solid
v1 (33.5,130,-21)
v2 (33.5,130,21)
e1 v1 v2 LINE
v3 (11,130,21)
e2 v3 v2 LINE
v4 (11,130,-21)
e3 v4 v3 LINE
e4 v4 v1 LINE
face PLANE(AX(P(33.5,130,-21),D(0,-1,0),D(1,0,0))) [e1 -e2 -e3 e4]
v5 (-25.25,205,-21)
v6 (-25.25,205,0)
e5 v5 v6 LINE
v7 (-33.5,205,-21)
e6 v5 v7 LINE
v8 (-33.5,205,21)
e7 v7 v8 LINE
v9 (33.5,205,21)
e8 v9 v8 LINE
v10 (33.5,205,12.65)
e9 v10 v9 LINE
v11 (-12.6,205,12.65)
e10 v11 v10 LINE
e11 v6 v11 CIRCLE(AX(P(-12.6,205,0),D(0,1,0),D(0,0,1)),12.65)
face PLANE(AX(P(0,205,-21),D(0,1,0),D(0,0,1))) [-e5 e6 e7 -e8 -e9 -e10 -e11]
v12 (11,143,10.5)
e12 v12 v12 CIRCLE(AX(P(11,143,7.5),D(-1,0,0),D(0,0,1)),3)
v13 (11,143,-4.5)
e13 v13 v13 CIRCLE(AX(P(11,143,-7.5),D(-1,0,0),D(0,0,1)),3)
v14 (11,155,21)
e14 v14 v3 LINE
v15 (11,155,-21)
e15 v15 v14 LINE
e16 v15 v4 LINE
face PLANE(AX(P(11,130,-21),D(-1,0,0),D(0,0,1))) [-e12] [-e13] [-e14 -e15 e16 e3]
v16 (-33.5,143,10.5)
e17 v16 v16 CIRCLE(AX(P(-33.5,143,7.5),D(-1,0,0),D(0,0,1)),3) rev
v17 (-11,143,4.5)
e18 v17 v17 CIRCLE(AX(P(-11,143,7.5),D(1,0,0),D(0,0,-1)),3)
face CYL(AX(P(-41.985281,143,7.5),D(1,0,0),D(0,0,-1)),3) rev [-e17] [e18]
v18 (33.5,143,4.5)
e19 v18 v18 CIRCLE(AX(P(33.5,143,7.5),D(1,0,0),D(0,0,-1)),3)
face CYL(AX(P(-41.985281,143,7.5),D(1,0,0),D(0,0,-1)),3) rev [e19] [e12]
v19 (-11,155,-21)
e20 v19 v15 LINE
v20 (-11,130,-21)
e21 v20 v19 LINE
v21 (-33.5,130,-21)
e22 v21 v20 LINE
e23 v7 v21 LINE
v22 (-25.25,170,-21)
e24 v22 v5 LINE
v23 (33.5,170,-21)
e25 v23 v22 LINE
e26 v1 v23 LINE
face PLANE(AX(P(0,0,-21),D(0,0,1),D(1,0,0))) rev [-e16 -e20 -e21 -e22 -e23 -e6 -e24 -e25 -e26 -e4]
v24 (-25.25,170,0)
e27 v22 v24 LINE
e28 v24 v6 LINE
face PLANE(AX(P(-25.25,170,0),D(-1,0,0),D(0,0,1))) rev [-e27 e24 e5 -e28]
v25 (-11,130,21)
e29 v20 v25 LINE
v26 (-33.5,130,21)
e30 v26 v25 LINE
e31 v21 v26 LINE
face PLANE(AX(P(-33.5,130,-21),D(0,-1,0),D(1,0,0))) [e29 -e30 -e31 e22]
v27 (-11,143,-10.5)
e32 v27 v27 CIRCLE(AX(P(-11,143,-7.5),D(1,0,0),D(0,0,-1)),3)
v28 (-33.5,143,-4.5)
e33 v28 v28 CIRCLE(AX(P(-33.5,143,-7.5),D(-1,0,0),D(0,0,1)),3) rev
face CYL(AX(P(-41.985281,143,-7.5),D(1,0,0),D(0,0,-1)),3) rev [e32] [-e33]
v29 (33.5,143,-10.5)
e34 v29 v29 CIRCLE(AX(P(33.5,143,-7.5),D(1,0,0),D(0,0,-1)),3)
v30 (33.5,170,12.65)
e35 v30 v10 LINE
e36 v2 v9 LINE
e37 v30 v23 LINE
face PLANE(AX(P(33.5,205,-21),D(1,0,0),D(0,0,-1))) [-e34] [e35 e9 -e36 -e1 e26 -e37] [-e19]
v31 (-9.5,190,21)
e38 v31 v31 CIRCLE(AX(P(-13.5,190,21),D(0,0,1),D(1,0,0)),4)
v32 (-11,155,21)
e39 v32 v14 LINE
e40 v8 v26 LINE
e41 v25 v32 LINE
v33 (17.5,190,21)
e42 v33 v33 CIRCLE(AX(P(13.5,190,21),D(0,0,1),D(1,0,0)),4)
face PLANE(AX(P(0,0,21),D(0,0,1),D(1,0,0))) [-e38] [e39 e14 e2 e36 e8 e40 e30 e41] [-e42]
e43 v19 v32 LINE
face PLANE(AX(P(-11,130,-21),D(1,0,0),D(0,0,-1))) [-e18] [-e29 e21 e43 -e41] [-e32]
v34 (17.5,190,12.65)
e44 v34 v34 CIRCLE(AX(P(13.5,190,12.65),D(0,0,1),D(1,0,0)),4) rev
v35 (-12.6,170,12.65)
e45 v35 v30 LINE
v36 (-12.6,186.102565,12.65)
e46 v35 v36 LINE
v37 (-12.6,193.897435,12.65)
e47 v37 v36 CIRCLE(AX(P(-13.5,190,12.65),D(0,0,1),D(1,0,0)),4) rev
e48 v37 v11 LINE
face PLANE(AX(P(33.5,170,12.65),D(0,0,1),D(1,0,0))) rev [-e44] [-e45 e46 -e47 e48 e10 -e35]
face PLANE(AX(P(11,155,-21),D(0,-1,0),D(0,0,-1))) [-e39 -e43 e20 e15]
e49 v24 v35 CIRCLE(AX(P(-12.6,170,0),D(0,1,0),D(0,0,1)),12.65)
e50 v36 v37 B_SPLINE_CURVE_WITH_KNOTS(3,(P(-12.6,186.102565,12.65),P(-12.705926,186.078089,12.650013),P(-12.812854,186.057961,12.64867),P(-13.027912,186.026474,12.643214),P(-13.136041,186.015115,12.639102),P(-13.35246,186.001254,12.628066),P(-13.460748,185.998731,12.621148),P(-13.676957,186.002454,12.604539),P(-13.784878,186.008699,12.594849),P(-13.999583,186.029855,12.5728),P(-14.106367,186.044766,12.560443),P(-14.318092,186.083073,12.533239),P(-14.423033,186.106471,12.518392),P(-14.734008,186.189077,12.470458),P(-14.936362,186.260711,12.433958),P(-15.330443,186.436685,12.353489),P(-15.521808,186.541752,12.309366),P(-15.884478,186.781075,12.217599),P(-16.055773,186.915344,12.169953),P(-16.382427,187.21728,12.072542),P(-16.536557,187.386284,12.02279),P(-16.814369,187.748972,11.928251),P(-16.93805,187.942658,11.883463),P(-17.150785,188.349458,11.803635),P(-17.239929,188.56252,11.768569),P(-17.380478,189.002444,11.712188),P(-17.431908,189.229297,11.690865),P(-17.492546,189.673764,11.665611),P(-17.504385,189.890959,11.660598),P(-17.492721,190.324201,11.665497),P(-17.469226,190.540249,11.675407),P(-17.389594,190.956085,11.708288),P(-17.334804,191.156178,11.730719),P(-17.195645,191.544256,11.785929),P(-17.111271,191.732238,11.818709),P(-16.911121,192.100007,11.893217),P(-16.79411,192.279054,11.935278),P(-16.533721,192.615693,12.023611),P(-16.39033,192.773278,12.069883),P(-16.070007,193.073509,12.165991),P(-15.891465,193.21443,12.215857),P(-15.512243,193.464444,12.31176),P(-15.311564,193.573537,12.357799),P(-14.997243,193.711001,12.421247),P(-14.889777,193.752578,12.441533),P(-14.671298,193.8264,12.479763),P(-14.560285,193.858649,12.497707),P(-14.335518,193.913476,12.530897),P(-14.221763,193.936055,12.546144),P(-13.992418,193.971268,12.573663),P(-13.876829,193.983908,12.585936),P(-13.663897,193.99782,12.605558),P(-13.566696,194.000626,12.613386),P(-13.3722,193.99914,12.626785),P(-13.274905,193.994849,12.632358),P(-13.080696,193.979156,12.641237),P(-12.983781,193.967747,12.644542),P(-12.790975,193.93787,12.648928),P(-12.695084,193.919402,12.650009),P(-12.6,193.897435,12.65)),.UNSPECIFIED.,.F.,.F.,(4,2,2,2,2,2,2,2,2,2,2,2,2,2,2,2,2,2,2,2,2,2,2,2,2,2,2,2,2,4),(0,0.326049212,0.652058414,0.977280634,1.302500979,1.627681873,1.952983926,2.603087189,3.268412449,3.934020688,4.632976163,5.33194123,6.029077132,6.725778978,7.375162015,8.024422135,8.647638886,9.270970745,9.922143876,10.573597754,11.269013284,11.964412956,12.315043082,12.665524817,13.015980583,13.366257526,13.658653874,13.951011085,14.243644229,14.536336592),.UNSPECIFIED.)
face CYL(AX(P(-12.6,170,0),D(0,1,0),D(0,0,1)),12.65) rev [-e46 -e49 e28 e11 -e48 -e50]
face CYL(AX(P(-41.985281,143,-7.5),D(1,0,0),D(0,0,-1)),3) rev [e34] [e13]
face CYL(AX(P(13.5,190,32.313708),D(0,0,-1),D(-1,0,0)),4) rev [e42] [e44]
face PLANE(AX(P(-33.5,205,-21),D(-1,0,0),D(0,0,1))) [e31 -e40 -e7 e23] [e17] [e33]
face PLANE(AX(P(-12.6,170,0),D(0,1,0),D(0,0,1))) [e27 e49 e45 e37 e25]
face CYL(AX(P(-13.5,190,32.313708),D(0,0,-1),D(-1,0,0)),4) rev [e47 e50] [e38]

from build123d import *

# Parameters (mm, degrees)
AUFSATZ_LINEAR_AUSTRAGEN1_DEPTH             = 21
AUFSATZ_LINEAR_AUSTRAGEN1_DEPTH_BACK        = 21
SCHNITT_LINEAR_AUSTRAGEN1_DEPTH             = 35
SKIZZE9_R                                   = 4
SCHNITT_LINEAR_AUSTRAGEN2_DEPTH             = 21
SCHNITT_LINEAR_AUSTRAGEN3_REACH             = 35.5
SKIZZE11_R                                  = 3
SCHNITT_LINEAR_AUSTRAGEN3_DIRECTION_2_REACH = 35.5


with BuildPart() as part:
    # Skizze3 → Aufsatz-Linear austragen1 (new body, two sides)
    with BuildSketch(Plane.XY) as aufsatz_linear_austragen1_sk:
        Polygon((0, 205), (33.5, 205), (33.5, 130), (11, 130), (11, 155), (0, 155), (-11, 155), (-11, 130), (-33.5, 130), (-33.5, 205), align=None)
    extrude(amount=AUFSATZ_LINEAR_AUSTRAGEN1_DEPTH)
    extrude(aufsatz_linear_austragen1_sk.sketch, amount=-AUFSATZ_LINEAR_AUSTRAGEN1_DEPTH_BACK)

    # Skizze6 → Schnitt-Linear austragen1 (cut)
    with BuildSketch(Plane(origin=(0, 205, 0), x_dir=(1, 0, 0), z_dir=(0, 1, 0))):
        with BuildLine():
            Line((-25.25, 0), (-25.25, 21))
            Line((-25.25, 21), (33.5, 21))
            Line((33.5, 21), (33.5, -12.65))
            Line((33.5, -12.65), (-12.6, -12.65))
            ThreePointArc((-12.6, -12.65), (-21.544900782, -8.944900782), (-25.25, 0))
        make_face()
    extrude(amount=-SCHNITT_LINEAR_AUSTRAGEN1_DEPTH, mode=Mode.SUBTRACT)

    # Skizze9 → Schnitt-Linear austragen2 (cut)
    with BuildSketch(Plane.XY):
        with Locations((-13.5, 190)):
            Circle(SKIZZE9_R)
        with Locations((13.5, 190)):
            Circle(SKIZZE9_R)
    extrude(amount=SCHNITT_LINEAR_AUSTRAGEN2_DEPTH, mode=Mode.SUBTRACT)

    # Schnitt-Linear austragen3: up to this face of the body (flat: up to its plane)
    schnitt_linear_austragen3_end = Plane(part.part.faces().sort_by_distance((-33.5, 167.5, 0))[0])
    # Skizze11 → Schnitt-Linear austragen3 (cut, up to the picked face)
    with BuildSketch(Plane(origin=(0, 0, 0), x_dir=(0, 0, -1), z_dir=(1, 0, 0)), mode=Mode.PRIVATE) as schnitt_linear_austragen3_sk1:
        with Locations((7.5, 143)):
            Circle(SKIZZE11_R)
    schnitt_linear_austragen3_tool1 = split(extrude(schnitt_linear_austragen3_sk1.sketch, amount=-SCHNITT_LINEAR_AUSTRAGEN3_REACH, mode=Mode.PRIVATE), bisect_by=schnitt_linear_austragen3_end, keep=Keep.BOTH, mode=Mode.PRIVATE)
    add(schnitt_linear_austragen3_tool1.solids().sort_by_distance((0, 143, -7.5))[0], mode=Mode.SUBTRACT)
    # Skizze11 → Schnitt-Linear austragen3 (cut, up to the picked face)
    with BuildSketch(Plane(origin=(0, 0, 0), x_dir=(0, 0, -1), z_dir=(1, 0, 0)), mode=Mode.PRIVATE) as schnitt_linear_austragen3_sk2:
        with Locations((-7.5, 143)):
            Circle(SKIZZE11_R)
    schnitt_linear_austragen3_tool2 = split(extrude(schnitt_linear_austragen3_sk2.sketch, amount=-SCHNITT_LINEAR_AUSTRAGEN3_REACH, mode=Mode.PRIVATE), bisect_by=schnitt_linear_austragen3_end, keep=Keep.BOTH, mode=Mode.PRIVATE)
    add(schnitt_linear_austragen3_tool2.solids().sort_by_distance((0, 143, 7.5))[0], mode=Mode.SUBTRACT)

    # Schnitt-Linear austragen3 direction 2: up to this face of the body (flat: up to its plane)
    schnitt_linear_austragen3_direction_2_end = Plane(part.part.faces().sort_by_distance((33.5, 155.556787933, 2.493145519))[0])
    # Skizze11 → Schnitt-Linear austragen3 direction 2 (cut, up to the picked face)
    with BuildSketch(Plane(origin=(0, 0, 0), x_dir=(0, 0, -1), z_dir=(1, 0, 0)), mode=Mode.PRIVATE) as schnitt_linear_austragen3_direction_2_sk1:
        with Locations((7.5, 143)):
            Circle(SKIZZE11_R)
    schnitt_linear_austragen3_direction_2_tool1 = split(extrude(schnitt_linear_austragen3_direction_2_sk1.sketch, amount=SCHNITT_LINEAR_AUSTRAGEN3_DIRECTION_2_REACH, mode=Mode.PRIVATE), bisect_by=schnitt_linear_austragen3_direction_2_end, keep=Keep.BOTH, mode=Mode.PRIVATE)
    add(schnitt_linear_austragen3_direction_2_tool1.solids().sort_by_distance((0, 143, -7.5))[0], mode=Mode.SUBTRACT)
    # Skizze11 → Schnitt-Linear austragen3 direction 2 (cut, up to the picked face)
    with BuildSketch(Plane(origin=(0, 0, 0), x_dir=(0, 0, -1), z_dir=(1, 0, 0)), mode=Mode.PRIVATE) as schnitt_linear_austragen3_direction_2_sk2:
        with Locations((-7.5, 143)):
            Circle(SKIZZE11_R)
    schnitt_linear_austragen3_direction_2_tool2 = split(extrude(schnitt_linear_austragen3_direction_2_sk2.sketch, amount=SCHNITT_LINEAR_AUSTRAGEN3_DIRECTION_2_REACH, mode=Mode.PRIVATE), bisect_by=schnitt_linear_austragen3_direction_2_end, keep=Keep.BOTH, mode=Mode.PRIVATE)
    add(schnitt_linear_austragen3_direction_2_tool2.solids().sort_by_distance((0, 143, 7.5))[0], mode=Mode.SUBTRACT)


solid = part.part
